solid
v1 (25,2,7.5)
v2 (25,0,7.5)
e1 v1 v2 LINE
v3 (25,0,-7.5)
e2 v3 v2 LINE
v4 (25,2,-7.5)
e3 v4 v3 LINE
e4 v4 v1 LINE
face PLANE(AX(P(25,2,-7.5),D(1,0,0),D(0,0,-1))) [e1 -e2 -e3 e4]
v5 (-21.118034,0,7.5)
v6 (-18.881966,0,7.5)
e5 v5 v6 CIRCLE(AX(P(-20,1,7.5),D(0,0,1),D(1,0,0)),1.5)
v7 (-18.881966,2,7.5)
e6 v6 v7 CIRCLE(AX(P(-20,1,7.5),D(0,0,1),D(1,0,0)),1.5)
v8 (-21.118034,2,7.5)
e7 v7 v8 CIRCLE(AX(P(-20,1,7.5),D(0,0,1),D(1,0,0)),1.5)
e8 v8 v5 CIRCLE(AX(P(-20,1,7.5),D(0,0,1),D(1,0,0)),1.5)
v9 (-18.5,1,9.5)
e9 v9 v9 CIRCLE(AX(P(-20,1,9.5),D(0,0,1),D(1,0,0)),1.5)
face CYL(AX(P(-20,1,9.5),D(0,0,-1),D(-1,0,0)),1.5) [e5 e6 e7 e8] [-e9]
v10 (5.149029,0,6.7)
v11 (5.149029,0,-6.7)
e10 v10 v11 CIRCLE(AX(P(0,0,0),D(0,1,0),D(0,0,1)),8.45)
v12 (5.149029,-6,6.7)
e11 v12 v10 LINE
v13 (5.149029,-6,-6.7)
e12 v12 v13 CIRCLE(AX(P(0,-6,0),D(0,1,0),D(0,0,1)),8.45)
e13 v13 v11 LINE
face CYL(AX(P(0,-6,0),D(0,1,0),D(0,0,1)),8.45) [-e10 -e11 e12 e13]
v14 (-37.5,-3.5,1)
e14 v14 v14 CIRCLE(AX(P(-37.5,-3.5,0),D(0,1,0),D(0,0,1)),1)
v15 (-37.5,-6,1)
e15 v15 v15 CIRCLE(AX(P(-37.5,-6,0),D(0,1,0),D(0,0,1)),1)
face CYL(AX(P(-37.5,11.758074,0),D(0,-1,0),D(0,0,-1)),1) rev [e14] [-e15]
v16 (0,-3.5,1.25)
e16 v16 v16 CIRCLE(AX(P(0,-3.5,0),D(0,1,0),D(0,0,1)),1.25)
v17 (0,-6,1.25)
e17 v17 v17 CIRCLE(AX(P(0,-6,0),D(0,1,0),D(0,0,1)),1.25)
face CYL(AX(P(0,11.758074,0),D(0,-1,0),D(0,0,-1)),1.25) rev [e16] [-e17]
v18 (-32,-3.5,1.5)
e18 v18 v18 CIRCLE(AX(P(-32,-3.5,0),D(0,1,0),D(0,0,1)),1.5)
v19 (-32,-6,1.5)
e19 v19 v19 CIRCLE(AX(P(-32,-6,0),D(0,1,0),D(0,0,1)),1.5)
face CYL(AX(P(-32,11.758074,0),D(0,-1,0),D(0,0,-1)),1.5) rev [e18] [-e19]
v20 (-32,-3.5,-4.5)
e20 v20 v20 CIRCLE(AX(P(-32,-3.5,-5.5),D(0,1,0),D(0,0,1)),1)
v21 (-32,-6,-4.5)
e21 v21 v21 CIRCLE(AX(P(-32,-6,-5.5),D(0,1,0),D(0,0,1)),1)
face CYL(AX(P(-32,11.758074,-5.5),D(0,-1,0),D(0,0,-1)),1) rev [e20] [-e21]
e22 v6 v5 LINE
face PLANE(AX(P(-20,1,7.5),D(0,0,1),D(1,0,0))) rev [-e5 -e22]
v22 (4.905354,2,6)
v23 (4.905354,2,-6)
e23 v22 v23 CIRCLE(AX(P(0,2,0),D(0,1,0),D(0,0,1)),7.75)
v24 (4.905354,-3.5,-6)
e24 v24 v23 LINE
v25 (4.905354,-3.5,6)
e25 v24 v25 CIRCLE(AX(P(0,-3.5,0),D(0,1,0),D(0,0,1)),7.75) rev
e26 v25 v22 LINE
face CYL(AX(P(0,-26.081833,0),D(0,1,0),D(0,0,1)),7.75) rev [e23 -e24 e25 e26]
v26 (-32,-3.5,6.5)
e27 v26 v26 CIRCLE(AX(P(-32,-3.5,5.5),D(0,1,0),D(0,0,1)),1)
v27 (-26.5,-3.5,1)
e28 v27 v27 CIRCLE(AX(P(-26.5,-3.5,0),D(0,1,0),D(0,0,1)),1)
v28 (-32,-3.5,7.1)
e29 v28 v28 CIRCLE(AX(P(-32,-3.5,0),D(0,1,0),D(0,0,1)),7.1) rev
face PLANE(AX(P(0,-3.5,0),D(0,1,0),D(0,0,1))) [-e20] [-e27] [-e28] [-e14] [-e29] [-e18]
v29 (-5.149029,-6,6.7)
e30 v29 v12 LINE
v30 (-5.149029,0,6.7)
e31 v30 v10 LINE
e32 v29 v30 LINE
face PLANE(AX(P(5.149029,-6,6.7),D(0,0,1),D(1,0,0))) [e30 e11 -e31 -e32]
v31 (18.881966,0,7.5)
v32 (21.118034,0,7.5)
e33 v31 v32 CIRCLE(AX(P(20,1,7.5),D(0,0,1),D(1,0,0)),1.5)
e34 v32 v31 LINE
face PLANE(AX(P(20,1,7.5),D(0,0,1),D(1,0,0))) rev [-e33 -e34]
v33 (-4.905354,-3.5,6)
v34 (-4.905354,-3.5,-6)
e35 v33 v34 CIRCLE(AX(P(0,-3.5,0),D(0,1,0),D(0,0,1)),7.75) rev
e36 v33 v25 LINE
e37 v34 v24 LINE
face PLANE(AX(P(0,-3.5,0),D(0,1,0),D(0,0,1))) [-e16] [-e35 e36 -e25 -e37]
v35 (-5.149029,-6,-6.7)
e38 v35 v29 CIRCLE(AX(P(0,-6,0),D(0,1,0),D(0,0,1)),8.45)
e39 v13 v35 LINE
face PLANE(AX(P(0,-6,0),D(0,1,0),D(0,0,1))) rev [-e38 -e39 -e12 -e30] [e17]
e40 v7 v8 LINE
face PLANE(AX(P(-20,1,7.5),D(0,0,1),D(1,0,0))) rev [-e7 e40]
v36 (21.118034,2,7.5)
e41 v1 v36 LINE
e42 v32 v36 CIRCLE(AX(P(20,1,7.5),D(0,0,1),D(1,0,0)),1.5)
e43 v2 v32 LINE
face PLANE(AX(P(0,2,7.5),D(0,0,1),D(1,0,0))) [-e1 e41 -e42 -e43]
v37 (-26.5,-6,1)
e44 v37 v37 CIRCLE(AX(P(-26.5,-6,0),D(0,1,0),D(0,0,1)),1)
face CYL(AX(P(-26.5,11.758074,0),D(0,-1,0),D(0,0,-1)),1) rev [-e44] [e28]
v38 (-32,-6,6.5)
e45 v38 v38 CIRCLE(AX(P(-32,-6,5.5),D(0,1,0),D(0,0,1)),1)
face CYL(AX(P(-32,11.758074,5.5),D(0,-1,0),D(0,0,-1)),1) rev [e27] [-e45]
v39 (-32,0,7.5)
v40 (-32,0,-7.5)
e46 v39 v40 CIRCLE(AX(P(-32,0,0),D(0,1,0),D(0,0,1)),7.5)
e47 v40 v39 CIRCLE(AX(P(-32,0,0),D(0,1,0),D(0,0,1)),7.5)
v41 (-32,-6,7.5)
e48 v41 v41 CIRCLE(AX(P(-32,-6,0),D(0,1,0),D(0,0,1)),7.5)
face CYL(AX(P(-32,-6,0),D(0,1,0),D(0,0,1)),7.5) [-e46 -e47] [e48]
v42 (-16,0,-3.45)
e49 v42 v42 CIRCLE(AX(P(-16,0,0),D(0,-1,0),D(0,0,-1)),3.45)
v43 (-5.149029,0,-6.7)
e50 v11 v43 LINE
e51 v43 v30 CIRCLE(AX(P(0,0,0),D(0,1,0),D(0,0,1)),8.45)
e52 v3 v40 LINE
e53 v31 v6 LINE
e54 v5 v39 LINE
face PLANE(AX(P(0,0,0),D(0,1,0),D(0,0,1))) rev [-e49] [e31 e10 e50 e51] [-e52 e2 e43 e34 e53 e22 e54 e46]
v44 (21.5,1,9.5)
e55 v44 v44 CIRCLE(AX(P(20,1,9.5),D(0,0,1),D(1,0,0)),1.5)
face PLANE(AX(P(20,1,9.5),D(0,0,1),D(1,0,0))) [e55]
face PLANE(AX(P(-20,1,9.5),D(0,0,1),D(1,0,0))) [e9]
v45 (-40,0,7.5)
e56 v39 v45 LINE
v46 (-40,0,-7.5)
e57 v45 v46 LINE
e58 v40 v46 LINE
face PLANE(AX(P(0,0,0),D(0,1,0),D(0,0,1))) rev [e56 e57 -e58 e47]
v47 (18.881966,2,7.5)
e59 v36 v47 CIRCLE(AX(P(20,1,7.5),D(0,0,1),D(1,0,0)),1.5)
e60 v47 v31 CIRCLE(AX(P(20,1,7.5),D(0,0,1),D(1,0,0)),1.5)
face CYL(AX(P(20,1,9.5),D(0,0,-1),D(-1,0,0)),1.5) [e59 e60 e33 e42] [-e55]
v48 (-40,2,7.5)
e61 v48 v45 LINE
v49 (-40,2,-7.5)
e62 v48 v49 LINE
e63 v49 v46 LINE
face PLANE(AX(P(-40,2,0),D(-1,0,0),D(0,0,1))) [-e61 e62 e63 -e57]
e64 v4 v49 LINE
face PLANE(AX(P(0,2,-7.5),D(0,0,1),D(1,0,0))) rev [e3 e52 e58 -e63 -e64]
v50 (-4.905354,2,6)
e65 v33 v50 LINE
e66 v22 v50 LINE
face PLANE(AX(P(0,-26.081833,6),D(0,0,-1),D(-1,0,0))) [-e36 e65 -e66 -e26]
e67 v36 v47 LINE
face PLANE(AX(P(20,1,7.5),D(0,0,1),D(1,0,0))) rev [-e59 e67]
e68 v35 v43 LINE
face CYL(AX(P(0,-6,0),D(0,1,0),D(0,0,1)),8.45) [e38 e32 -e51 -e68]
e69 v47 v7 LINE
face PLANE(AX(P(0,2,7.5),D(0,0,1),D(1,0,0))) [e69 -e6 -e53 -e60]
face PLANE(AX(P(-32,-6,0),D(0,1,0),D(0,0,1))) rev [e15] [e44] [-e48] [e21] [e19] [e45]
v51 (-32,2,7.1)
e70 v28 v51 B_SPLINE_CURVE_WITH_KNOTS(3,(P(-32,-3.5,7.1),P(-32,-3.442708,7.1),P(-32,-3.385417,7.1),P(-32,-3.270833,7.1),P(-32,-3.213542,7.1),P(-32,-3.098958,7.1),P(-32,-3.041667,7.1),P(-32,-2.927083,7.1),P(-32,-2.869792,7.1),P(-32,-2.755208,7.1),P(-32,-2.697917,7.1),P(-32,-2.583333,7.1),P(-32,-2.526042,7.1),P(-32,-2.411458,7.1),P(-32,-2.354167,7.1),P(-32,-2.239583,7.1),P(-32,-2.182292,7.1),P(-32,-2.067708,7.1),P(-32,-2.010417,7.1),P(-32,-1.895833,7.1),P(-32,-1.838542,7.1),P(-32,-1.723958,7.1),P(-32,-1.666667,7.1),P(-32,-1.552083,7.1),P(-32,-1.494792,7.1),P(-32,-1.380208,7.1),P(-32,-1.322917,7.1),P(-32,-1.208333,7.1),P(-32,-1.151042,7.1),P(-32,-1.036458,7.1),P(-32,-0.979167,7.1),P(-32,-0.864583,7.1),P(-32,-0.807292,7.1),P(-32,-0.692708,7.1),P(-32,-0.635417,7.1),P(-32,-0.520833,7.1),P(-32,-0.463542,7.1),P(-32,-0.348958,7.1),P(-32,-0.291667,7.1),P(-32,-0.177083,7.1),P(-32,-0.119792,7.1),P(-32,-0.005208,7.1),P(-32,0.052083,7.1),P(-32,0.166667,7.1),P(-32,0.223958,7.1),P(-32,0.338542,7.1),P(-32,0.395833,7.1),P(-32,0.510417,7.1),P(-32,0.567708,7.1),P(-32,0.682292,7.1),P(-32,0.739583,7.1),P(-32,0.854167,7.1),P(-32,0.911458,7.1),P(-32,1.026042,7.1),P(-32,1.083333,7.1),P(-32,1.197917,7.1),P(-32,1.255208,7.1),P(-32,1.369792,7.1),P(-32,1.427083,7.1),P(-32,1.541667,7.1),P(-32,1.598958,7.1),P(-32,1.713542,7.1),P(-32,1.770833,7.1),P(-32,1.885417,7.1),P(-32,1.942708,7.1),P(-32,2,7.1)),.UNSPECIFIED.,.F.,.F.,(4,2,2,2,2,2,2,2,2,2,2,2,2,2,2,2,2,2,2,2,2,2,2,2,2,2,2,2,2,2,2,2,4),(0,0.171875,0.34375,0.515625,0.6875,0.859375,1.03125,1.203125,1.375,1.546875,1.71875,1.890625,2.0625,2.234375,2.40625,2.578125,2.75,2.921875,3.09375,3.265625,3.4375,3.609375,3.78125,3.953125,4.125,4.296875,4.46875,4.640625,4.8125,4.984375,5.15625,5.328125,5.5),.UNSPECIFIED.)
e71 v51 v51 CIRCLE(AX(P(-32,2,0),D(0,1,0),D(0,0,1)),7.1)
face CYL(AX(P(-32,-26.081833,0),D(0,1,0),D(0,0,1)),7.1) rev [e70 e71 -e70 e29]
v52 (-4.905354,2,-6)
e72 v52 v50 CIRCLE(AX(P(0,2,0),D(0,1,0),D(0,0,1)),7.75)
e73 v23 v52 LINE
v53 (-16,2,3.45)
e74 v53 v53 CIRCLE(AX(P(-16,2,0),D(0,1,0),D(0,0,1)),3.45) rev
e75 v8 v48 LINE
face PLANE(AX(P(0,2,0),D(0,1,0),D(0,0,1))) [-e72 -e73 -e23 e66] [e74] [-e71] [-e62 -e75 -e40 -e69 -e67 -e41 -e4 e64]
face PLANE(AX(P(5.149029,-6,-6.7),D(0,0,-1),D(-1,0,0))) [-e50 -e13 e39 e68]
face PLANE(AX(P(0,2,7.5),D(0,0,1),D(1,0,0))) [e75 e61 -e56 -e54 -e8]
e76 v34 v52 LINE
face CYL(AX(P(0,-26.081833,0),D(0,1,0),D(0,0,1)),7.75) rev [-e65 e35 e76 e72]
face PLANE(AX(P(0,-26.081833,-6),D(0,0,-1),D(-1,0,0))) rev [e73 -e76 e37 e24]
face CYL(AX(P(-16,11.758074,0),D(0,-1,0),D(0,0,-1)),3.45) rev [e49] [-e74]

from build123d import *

# Parameters (mm, degrees)
SKETCH_1_W          = 65
SKETCH_1_H          = 15
EXTRUDE_1_DEPTH     = 2
SKETCH_2_R          = 1.25
SKETCH_2_R_2        = 3.45
SKETCH_2_R_3        = 1.5
SKETCH_2_R_4        = 1
CUT_EXTRUDE_1_DEPTH = 2
SKETCH_4_R          = 1.5
EXTRUDE_2_DEPTH     = 2
SKETCH_5_R          = 7.5
SKETCH_5_R_2        = 7.1
EXTRUDE_3_DEPTH     = 8
EXTRUDE_START       = -8
SKETCH_5_5_R        = 1.25
SKETCH_5_5_R_2      = 7.1
SKETCH_5_5_R_3      = 1
SKETCH_5_5_R_4      = 1.5
EXTRUDE_4_DEPTH     = 6
CUT_EXTRUDE_START   = -5.5
SKETCH_5_6_R        = 1.25
SKETCH_5_6_R_2      = 7.1
CUT_EXTRUDE_3_DEPTH = 5.5


with BuildPart() as part:
    # 草图1 → 凸台-拉伸1 (new body)
    with BuildSketch(Plane(origin=(0, 0, 0), x_dir=(1, 0, 0), z_dir=(0, 1, 0))):
        with Locations((-7.5, 0)):
            Rectangle(SKETCH_1_W, SKETCH_1_H)
    extrude(amount=EXTRUDE_1_DEPTH)

    # 草图2 → 切除-拉伸1 (cut)
    with BuildSketch(Plane(origin=(0, 0, 0), x_dir=(1, 0, 0), z_dir=(0, 1, 0))):
        with Locations(Location((0, 0, 0), (0, 0, 270))):
            Circle(SKETCH_2_R)
        with Locations(Location((-16, 0, 0), (0, 0, 90))):
            Circle(SKETCH_2_R_2)
        with Locations(Location((-32, 0, 0), (0, 0, 270))):
            Circle(SKETCH_2_R_3)
        with Locations(Location((-26.5, 0, 0), (0, 0, 270))):
            Circle(SKETCH_2_R_4)
        with Locations(Location((-32, -5.5, 0), (0, 0, 270))):
            Circle(SKETCH_2_R_4)
        with Locations(Location((-37.5, 0, 0), (0, 0, 270))):
            Circle(SKETCH_2_R_4)
        with Locations(Location((-32, 5.5, 0), (0, 0, 270))):
            Circle(SKETCH_2_R_4)
    extrude(amount=CUT_EXTRUDE_1_DEPTH, mode=Mode.SUBTRACT)

    # 草图4 → 凸台-拉伸2 (add)
    with BuildSketch(Plane.XY.offset(7.5)):
        with Locations(Location((20, 1, 0), (0, 0, 221.810314896))):
            Circle(SKETCH_4_R)
        with Locations(Location((-20, 1, 0), (0, 0, 221.810314896))):
            Circle(SKETCH_4_R)
    extrude(amount=EXTRUDE_2_DEPTH)

    # 草图5 → 凸台-拉伸3 (add)
    # profile 1 of 2: a face of its own
    with BuildSketch(Plane(origin=(0, 2, 0), x_dir=(1, 0, 0), z_dir=(0, 1, 0))):
        with Locations(Location((-32, 0, 0), (0, 0, 270))):
            Circle(SKETCH_5_R)
        with Locations(Location((-32, 0, 0), (0, 0, 270))):
            Circle(SKETCH_5_R_2, mode=Mode.SUBTRACT)
    # profile 2 of 2: a face of its own
    with BuildSketch(Plane(origin=(0, 2, 0), x_dir=(1, 0, 0), z_dir=(0, 1, 0))):
        with BuildLine():
            Line((5.149029035, -6.7), (-5.149029035, -6.7))
            ThreePointArc((-5.149029035, -6.7), (-8.45, 0), (-5.149029035, 6.7))
            Line((-5.149029035, 6.7), (5.149029035, 6.7))
            ThreePointArc((5.149029035, 6.7), (8.45, 0), (5.149029035, -6.7))
        make_face()
        with BuildLine():
            Line((4.905354218, -6), (-4.905354218, -6))
            ThreePointArc((-4.905354218, -6), (-7.75, 0), (-4.905354218, 6))
            Line((-4.905354218, 6), (4.905354218, 6))
            ThreePointArc((4.905354218, 6), (7.75, 0), (4.905354218, -6))
        make_face(mode=Mode.SUBTRACT)
    extrude(amount=-EXTRUDE_3_DEPTH)

    # 草图5<5> → 凸台-拉伸4 (add)
    # profile 1 of 2: a face of its own
    with BuildSketch(Plane(origin=(0, 2, 0), x_dir=(1, 0, 0), z_dir=(0, 1, 0)).offset(EXTRUDE_START)):
        with BuildLine():
            Line((4.905354218, -6), (-4.905354218, -6))
            ThreePointArc((-4.905354218, -6), (-7.75, 0), (-4.905354218, 6))
            Line((-4.905354218, 6), (4.905354218, 6))
            ThreePointArc((4.905354218, 6), (7.75, 0), (4.905354218, -6))
        make_face()
        with Locations(Location((0, 0, 0), (0, 0, 270))):
            Circle(SKETCH_5_5_R, mode=Mode.SUBTRACT)
    # profile 2 of 2: a face of its own
    with BuildSketch(Plane(origin=(0, 2, 0), x_dir=(1, 0, 0), z_dir=(0, 1, 0)).offset(EXTRUDE_START)):
        with Locations((-32, 0)):
            Circle(SKETCH_5_5_R_2)
        with Locations(Location((-32, 5.5, 0), (0, 0, 270))):
            Circle(SKETCH_5_5_R_3, mode=Mode.SUBTRACT)
        with Locations(Location((-37.5, 0, 0), (0, 0, 270))):
            Circle(SKETCH_5_5_R_3, mode=Mode.SUBTRACT)
        with Locations(Location((-32, 0, 0), (0, 0, 270))):
            Circle(SKETCH_5_5_R_4, mode=Mode.SUBTRACT)
        with Locations(Location((-26.5, 0, 0), (0, 0, 270))):
            Circle(SKETCH_5_5_R_3, mode=Mode.SUBTRACT)
        with Locations(Location((-32, -5.5, 0), (0, 0, 270))):
            Circle(SKETCH_5_5_R_3, mode=Mode.SUBTRACT)
    extrude(amount=EXTRUDE_4_DEPTH)

    # 草图5<6> → 切除-拉伸3 (cut)
    # profile 1 of 2: a face of its own
    with BuildSketch(Plane(origin=(0, 2, 0), x_dir=(1, 0, 0), z_dir=(0, 1, 0)).offset(CUT_EXTRUDE_START)):
        with BuildLine():
            Line((4.905354218, -6), (-4.905354218, -6))
            ThreePointArc((-4.905354218, -6), (-7.75, 0), (-4.905354218, 6))
            Line((-4.905354218, 6), (4.905354218, 6))
            ThreePointArc((4.905354218, 6), (7.75, 0), (4.905354218, -6))
        make_face()
        with Locations(Location((0, 0, 0), (0, 0, 270))):
            Circle(SKETCH_5_6_R, mode=Mode.SUBTRACT)
    # profile 2 of 2: a face of its own
    with BuildSketch(Plane(origin=(0, 2, 0), x_dir=(1, 0, 0), z_dir=(0, 1, 0)).offset(CUT_EXTRUDE_START)):
        with Locations(Location((-32, 0, 0), (0, 0, 270))):
            Circle(SKETCH_5_6_R_2)
    extrude(amount=CUT_EXTRUDE_3_DEPTH, mode=Mode.SUBTRACT)


solid = part.part
